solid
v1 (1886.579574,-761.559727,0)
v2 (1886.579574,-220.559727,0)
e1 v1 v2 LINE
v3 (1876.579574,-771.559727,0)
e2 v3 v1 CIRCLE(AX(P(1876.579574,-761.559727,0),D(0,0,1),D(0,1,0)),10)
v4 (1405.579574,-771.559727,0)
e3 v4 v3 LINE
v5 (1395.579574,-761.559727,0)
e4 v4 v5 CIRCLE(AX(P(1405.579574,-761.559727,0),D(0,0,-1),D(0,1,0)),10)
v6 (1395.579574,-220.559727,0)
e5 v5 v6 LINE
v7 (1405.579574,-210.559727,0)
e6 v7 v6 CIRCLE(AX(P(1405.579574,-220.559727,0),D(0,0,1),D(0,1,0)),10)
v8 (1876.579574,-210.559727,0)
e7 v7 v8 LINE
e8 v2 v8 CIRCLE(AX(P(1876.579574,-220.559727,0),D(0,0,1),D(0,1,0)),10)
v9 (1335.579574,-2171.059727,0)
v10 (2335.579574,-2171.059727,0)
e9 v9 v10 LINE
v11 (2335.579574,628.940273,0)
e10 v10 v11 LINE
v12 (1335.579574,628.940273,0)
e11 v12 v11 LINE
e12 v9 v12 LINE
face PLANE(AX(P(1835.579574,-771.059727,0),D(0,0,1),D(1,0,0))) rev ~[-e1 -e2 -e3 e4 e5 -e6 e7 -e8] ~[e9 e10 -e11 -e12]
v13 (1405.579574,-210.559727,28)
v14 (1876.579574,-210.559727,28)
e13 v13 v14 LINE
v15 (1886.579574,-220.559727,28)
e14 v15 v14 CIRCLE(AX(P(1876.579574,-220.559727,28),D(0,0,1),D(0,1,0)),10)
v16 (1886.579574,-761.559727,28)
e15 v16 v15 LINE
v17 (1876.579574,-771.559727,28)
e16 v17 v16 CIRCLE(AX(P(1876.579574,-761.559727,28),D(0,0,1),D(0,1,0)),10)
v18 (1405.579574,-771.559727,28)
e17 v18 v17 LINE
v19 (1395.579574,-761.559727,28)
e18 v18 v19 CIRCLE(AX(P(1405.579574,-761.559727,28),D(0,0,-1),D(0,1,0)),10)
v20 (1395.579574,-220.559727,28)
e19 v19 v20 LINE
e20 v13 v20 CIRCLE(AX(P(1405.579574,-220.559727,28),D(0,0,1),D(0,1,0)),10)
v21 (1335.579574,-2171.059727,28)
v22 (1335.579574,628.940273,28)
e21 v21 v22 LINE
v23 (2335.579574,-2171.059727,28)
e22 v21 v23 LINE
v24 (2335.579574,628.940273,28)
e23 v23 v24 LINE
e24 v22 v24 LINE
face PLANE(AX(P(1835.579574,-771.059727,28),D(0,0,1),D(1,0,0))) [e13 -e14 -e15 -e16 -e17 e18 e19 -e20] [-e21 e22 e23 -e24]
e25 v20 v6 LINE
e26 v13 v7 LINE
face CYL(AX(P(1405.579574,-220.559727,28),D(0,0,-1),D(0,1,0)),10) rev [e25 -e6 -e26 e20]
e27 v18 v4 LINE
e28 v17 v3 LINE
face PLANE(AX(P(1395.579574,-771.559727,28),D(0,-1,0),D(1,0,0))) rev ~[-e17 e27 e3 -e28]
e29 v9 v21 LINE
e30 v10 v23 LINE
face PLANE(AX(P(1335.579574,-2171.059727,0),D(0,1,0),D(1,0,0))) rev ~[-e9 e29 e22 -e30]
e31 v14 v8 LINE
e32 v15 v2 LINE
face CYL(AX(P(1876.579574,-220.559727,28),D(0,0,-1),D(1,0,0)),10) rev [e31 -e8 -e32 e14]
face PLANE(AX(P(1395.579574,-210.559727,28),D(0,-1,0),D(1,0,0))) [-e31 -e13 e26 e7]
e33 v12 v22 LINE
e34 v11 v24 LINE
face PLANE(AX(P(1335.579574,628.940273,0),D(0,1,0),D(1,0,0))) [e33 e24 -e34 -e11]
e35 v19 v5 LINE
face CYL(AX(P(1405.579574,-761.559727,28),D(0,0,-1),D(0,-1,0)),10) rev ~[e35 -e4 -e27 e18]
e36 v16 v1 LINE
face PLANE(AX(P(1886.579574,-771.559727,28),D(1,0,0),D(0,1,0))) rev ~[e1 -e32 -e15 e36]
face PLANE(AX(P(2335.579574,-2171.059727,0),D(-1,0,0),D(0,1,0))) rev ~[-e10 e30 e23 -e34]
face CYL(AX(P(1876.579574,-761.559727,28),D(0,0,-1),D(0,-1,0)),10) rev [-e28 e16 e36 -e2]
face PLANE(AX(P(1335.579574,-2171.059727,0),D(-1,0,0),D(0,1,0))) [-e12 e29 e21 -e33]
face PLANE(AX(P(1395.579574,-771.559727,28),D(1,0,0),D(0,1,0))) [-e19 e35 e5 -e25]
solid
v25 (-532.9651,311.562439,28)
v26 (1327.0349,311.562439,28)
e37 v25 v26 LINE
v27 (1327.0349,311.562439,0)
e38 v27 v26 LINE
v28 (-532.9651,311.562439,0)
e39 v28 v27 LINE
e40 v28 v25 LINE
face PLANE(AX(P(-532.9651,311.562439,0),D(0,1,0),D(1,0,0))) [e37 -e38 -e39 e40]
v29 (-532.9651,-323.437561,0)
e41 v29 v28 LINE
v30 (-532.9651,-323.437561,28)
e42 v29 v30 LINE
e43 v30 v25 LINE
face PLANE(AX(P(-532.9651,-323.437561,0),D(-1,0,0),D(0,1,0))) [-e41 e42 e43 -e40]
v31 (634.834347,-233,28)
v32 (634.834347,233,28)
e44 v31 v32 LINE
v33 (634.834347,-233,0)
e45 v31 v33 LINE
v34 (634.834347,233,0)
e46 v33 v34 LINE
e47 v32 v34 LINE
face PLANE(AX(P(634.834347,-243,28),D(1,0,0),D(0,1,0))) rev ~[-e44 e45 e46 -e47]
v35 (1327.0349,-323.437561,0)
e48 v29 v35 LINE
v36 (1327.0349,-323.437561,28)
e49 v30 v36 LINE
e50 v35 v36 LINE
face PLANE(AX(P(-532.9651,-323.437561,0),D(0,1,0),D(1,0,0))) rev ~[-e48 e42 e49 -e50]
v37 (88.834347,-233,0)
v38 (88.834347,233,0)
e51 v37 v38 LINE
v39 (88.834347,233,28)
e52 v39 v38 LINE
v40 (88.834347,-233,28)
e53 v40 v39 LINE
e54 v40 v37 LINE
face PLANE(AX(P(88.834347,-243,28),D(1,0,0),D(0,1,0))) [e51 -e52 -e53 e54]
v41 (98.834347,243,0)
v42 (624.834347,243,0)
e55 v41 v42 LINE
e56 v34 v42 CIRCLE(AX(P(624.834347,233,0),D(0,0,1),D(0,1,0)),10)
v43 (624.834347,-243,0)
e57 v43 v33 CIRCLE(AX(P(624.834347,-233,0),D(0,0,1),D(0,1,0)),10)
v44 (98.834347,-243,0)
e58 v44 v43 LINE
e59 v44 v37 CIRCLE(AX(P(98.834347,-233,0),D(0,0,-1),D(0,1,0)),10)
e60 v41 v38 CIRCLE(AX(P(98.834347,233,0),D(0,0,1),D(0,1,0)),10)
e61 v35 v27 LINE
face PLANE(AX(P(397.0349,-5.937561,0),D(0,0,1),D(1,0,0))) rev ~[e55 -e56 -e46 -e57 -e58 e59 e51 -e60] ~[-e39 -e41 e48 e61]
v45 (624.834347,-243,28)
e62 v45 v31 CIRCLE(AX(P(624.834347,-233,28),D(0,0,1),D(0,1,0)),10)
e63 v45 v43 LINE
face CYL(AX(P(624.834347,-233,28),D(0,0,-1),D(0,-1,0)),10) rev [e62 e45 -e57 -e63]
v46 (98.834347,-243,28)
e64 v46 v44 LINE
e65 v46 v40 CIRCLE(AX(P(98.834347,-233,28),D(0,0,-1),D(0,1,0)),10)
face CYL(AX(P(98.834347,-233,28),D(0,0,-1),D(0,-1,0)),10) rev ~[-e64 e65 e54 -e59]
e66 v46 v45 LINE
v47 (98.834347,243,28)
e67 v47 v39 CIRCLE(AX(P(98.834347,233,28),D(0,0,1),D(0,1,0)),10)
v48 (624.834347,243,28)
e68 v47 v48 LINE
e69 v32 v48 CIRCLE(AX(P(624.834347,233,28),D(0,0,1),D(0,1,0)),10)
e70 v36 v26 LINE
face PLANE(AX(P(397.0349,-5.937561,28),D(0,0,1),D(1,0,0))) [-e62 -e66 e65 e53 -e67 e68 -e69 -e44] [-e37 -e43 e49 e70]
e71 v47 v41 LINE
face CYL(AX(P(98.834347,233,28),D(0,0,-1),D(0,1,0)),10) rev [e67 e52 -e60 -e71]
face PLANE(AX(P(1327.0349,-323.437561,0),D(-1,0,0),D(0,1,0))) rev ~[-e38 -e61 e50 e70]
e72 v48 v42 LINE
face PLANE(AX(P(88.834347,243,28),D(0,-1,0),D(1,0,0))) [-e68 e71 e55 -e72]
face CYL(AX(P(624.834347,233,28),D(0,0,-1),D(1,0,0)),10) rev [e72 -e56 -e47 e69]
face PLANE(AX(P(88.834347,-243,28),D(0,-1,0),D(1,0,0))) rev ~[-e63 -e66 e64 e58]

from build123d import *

# Parameters (mm, degrees)
F0_W     = 1860
F0_H     = 635
F1_DEPTH = 28
F2_W     = 1000
F2_H     = 2800
F3_DEPTH = 28
F4_W     = 546
F4_H     = 486
F5_DEPTH = 28.001
F6_R     = 10
F7_W     = 491
F7_H     = 561
F8_DEPTH = 28.001
F9_R     = 10


with BuildPart() as f1:
    # F0 (on Top) → F1 (new body)
    with BuildSketch(Plane.XY):
        with Locations((397.0349, -5.937561)):
            Rectangle(F0_W, F0_H)
    extrude(amount=F1_DEPTH)

    # F4 (on face) → F5 (cut, through all)
    with BuildSketch(Plane.XY.offset(28)):
        with Locations((361.834347, 0)):
            Rectangle(F4_W, F4_H)
    extrude(amount=-F5_DEPTH, mode=Mode.SUBTRACT)

    # F6
    f6_edges = [f1.edges().sort_by_distance(p)[0] for p in [
        (634.834347, 243, 14),
        (88.834347, -243, 14),
        (634.834347, -243, 14),
        (88.834347, 243, 14),
    ]]
    fillet(f6_edges, radius=F6_R)


with BuildPart() as f3:
    # F2 (on Top) → F3 (new body)
    with BuildSketch(Plane.XY):
        with Locations((1835.579574, -771.059727)):
            Rectangle(F2_W, F2_H)
    extrude(amount=F3_DEPTH)

    # F7 (on face) → F8 (cut, through all)
    with BuildSketch(Plane.XY.offset(28)):
        with Locations((1641.079574, -491.059727)):
            Rectangle(F7_W, F7_H)
    extrude(amount=-F8_DEPTH, mode=Mode.SUBTRACT)

    # F9
    f9_edges = [f3.edges().sort_by_distance(p)[0] for p in [
        (1395.579574, -210.559727, 14),
        (1886.579574, -210.559727, 14),
        (1395.579574, -771.559727, 14),
        (1886.579574, -771.559727, 14),
    ]]
    fillet(f9_edges, radius=F9_R)


solid = Compound([f1.part, f3.part])
